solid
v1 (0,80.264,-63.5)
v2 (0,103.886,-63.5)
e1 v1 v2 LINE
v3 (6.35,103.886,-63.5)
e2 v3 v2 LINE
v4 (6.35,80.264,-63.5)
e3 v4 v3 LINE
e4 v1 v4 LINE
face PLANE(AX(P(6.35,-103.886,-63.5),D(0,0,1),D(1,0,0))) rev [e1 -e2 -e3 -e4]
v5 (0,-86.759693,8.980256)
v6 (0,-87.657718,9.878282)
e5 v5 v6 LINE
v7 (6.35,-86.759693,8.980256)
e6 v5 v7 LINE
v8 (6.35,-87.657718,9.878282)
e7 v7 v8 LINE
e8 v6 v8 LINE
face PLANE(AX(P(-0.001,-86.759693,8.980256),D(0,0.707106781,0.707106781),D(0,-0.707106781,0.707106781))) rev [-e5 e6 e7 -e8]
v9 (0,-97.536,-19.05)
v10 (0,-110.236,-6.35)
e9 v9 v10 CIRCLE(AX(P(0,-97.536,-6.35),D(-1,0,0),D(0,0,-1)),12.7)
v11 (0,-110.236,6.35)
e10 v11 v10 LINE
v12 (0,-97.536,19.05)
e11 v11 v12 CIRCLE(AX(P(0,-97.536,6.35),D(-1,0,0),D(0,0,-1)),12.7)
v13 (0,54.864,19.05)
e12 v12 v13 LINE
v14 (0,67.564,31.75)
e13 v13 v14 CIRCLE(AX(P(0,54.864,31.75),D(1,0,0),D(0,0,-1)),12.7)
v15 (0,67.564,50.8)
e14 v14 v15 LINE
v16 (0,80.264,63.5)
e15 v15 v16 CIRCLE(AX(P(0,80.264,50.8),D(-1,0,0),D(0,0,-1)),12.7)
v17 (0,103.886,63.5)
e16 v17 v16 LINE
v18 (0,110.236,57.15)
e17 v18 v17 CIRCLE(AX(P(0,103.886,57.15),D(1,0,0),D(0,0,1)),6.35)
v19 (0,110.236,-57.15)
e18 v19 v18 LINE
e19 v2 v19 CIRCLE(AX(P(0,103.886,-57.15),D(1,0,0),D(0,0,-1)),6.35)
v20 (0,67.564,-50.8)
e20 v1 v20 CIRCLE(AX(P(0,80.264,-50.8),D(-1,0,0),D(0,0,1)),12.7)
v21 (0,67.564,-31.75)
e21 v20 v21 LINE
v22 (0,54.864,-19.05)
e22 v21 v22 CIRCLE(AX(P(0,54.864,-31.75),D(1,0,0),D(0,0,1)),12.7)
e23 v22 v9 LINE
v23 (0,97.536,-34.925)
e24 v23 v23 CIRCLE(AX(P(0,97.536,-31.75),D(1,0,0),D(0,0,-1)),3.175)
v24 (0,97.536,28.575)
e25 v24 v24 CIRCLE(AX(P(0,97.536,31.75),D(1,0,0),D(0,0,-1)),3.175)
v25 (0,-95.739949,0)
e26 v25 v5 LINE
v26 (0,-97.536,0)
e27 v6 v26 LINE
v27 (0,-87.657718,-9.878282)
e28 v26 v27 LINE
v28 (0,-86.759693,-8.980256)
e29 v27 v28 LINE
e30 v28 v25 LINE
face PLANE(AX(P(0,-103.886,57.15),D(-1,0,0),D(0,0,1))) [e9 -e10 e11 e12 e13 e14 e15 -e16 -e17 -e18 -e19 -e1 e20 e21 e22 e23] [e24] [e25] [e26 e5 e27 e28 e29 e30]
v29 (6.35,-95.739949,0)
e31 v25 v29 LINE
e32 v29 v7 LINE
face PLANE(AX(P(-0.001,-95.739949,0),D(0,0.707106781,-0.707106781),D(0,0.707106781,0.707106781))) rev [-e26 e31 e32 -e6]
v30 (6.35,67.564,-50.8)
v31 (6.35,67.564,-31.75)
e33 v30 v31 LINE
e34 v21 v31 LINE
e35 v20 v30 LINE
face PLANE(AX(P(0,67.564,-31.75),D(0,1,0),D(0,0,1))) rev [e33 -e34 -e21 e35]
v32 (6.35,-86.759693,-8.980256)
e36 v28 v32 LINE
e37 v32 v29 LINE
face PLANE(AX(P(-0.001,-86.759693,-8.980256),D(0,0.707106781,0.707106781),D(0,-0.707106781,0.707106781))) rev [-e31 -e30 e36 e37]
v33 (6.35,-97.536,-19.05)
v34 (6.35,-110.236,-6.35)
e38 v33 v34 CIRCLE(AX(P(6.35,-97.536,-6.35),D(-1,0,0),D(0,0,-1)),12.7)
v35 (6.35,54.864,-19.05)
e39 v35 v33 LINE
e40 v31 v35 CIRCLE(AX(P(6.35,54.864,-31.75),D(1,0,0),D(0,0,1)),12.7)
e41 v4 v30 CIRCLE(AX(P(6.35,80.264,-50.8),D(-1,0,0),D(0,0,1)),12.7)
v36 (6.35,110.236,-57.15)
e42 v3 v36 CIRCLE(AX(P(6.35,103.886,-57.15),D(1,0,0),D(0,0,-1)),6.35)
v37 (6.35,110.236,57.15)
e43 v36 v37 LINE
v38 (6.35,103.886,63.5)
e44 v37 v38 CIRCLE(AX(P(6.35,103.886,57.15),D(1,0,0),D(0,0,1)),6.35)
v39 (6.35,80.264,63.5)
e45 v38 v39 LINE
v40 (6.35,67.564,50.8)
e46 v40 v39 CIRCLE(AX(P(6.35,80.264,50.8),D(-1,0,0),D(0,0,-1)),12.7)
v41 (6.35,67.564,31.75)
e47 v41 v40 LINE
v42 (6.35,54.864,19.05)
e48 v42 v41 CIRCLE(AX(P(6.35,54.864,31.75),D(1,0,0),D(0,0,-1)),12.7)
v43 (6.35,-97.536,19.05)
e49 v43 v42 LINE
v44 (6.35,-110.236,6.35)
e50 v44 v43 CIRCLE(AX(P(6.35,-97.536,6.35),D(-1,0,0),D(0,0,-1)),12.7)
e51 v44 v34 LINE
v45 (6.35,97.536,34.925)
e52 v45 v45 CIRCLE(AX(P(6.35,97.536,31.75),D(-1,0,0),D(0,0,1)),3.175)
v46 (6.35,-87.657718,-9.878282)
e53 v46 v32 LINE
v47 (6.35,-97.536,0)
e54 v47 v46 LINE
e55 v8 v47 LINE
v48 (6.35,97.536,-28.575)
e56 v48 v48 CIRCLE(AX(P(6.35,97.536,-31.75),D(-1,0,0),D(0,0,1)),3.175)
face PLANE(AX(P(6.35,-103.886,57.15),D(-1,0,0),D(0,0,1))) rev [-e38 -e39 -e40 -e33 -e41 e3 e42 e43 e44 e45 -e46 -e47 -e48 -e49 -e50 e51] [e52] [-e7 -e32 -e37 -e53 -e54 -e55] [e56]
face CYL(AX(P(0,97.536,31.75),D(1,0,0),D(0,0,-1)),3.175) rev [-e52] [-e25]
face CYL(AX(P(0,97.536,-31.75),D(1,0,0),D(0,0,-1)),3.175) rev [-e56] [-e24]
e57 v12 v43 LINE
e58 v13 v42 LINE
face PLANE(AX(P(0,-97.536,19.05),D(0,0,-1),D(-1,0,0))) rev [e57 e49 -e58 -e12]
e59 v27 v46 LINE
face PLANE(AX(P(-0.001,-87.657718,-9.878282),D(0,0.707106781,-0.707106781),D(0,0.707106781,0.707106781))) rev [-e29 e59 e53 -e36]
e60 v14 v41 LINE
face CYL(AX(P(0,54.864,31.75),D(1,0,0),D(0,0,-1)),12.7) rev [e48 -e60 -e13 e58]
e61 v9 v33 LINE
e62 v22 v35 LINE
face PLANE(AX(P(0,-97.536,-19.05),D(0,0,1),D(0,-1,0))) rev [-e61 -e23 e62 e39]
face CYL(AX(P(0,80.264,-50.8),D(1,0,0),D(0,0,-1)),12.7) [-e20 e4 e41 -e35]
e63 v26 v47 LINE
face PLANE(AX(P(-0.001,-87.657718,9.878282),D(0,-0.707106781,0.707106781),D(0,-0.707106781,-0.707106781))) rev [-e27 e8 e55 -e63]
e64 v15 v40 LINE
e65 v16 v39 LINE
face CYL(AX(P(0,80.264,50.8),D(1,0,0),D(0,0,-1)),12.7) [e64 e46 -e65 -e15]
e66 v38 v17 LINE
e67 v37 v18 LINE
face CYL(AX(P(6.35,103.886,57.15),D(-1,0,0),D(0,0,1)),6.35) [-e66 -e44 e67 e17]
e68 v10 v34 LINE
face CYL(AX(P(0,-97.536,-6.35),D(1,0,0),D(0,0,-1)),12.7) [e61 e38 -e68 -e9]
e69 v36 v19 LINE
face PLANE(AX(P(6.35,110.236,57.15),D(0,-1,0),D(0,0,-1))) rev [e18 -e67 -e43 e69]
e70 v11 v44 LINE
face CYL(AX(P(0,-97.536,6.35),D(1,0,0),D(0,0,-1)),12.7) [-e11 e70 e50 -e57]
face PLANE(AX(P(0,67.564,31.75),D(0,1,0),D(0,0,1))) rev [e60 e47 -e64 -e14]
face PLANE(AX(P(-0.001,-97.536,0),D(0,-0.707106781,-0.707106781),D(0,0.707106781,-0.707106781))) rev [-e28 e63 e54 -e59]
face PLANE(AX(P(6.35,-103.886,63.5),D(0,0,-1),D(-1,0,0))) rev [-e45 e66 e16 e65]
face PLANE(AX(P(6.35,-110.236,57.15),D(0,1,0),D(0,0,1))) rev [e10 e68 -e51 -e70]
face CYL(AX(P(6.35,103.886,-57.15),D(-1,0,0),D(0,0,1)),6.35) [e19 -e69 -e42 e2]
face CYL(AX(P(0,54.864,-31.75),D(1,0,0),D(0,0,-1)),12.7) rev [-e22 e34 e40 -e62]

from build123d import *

# Parameters (mm, degrees)
BOSS_EXTRUDE2_DEPTH     = 6.35
CUT_EXTRUDE1_REACH      = 129.376
CUT_EXTRUDE2_DEPTH      = 128.37561853
CUT_EXTRUDE2_DEPTH_BACK = 128.37561853
SKETCH5_R               = 3.175
CUT_EXTRUDE3_DEPTH      = 128.37561853


with BuildPart() as part:
    # Sketch3 → Boss-Extrude2 (new body)
    with BuildSketch(Plane(origin=(0, 0, 0), x_dir=(0, 0, -1), z_dir=(1, 0, 0))):
        with BuildLine():
            Line((-57.15, -110.236), (57.15, -110.236))
            ThreePointArc((57.15, -110.236), (61.640128061, -108.376128061), (63.5, -103.886))
            Line((63.5, -103.886), (63.5, 103.886))
            ThreePointArc((63.5, 103.886), (61.640128061, 108.376128061), (57.15, 110.236))
            Line((57.15, 110.236), (-57.15, 110.236))
            ThreePointArc((-57.15, 110.236), (-61.640128061, 108.376128061), (-63.5, 103.886))
            Line((-63.5, 103.886), (-63.5, -103.886))
            ThreePointArc((-63.5, -103.886), (-61.640128061, -108.376128061), (-57.15, -110.236))
        make_face()
    extrude(amount=BOSS_EXTRUDE2_DEPTH)

    # Sketch4 → Cut-Extrude1 (cut, up to next)
    with BuildSketch(Plane(origin=(6.35, 0, 0), x_dir=(0, 0, -1), z_dir=(1, 0, 0)), mode=Mode.PRIVATE) as cut_extrude1_sk1:
        Polygon((0, -95.739948776), (-8.980256121, -86.759692655), (-9.878281733, -87.657718267), (0, -97.536), (9.878281733, -87.657718267), (8.980256121, -86.759692655), align=None)
    cut_extrude1_tool1 = extrude(cut_extrude1_sk1.sketch, amount=-CUT_EXTRUDE1_REACH, mode=Mode.PRIVATE) & part.part
    add(cut_extrude1_tool1.solids().sort_by_distance((6.35, -91.408951, 4.649259))[0], mode=Mode.SUBTRACT)

    # Sketch5 → Cut-Extrude2 (cut, two sides: drawn at the far end of the back side and taken through both)
    with BuildSketch(Plane(origin=(6.35, 0, 0), x_dir=(0, 0, -1), z_dir=(1, 0, 0)).offset(-CUT_EXTRUDE2_DEPTH_BACK)):
        with Locations((-31.75, 97.536)):
            Circle(SKETCH5_R)
        with Locations((31.75, 97.536)):
            Circle(SKETCH5_R)
    extrude(amount=CUT_EXTRUDE2_DEPTH + CUT_EXTRUDE2_DEPTH_BACK, mode=Mode.SUBTRACT)

    # Sketch6 → Cut-Extrude3 (cut, through all)
    with BuildSketch(Plane(origin=(6.35, 0, 0), x_dir=(0, 0, -1), z_dir=(1, 0, 0))):
        with BuildLine():
            Line((-19.05, -97.536), (-19.05, 54.864))
            ThreePointArc((-19.05, 54.864), (-22.769743879, 63.844256121), (-31.75, 67.564))
            Line((-31.75, 67.564), (-50.8, 67.564))
            ThreePointArc((-50.8, 67.564), (-59.780256121, 71.283743879), (-63.5, 80.264))
            Line((-63.5, 80.264), (-63.5, 67.564))
            Line((-63.5, 67.564), (-63.5, -103.886))
            ThreePointArc((-63.5, -103.886), (-61.640128061, -108.376128061), (-57.15, -110.236))
            Line((-57.15, -110.236), (-19.05, -110.236))
            Line((-19.05, -110.236), (-6.35, -110.236))
            ThreePointArc((-6.35, -110.236), (-15.330256121, -106.516256121), (-19.05, -97.536))
        make_face()
        with BuildLine():
            Line((19.05, -97.536), (19.05, 54.864))
            ThreePointArc((19.05, 54.864), (22.769743879, 63.844256121), (31.75, 67.564))
            Line((31.75, 67.564), (50.8, 67.564))
            ThreePointArc((50.8, 67.564), (59.780256121, 71.283743879), (63.5, 80.264))
            Line((63.5, 80.264), (63.5, 67.564))
            Line((63.5, 67.564), (63.5, -103.886))
            ThreePointArc((63.5, -103.886), (61.640128061, -108.376128061), (57.15, -110.236))
            Line((57.15, -110.236), (19.05, -110.236))
            Line((19.05, -110.236), (6.35, -110.236))
            ThreePointArc((6.35, -110.236), (15.330256121, -106.516256121), (19.05, -97.536))
        make_face()
    extrude(amount=-CUT_EXTRUDE3_DEPTH, mode=Mode.SUBTRACT)


solid = part.part
